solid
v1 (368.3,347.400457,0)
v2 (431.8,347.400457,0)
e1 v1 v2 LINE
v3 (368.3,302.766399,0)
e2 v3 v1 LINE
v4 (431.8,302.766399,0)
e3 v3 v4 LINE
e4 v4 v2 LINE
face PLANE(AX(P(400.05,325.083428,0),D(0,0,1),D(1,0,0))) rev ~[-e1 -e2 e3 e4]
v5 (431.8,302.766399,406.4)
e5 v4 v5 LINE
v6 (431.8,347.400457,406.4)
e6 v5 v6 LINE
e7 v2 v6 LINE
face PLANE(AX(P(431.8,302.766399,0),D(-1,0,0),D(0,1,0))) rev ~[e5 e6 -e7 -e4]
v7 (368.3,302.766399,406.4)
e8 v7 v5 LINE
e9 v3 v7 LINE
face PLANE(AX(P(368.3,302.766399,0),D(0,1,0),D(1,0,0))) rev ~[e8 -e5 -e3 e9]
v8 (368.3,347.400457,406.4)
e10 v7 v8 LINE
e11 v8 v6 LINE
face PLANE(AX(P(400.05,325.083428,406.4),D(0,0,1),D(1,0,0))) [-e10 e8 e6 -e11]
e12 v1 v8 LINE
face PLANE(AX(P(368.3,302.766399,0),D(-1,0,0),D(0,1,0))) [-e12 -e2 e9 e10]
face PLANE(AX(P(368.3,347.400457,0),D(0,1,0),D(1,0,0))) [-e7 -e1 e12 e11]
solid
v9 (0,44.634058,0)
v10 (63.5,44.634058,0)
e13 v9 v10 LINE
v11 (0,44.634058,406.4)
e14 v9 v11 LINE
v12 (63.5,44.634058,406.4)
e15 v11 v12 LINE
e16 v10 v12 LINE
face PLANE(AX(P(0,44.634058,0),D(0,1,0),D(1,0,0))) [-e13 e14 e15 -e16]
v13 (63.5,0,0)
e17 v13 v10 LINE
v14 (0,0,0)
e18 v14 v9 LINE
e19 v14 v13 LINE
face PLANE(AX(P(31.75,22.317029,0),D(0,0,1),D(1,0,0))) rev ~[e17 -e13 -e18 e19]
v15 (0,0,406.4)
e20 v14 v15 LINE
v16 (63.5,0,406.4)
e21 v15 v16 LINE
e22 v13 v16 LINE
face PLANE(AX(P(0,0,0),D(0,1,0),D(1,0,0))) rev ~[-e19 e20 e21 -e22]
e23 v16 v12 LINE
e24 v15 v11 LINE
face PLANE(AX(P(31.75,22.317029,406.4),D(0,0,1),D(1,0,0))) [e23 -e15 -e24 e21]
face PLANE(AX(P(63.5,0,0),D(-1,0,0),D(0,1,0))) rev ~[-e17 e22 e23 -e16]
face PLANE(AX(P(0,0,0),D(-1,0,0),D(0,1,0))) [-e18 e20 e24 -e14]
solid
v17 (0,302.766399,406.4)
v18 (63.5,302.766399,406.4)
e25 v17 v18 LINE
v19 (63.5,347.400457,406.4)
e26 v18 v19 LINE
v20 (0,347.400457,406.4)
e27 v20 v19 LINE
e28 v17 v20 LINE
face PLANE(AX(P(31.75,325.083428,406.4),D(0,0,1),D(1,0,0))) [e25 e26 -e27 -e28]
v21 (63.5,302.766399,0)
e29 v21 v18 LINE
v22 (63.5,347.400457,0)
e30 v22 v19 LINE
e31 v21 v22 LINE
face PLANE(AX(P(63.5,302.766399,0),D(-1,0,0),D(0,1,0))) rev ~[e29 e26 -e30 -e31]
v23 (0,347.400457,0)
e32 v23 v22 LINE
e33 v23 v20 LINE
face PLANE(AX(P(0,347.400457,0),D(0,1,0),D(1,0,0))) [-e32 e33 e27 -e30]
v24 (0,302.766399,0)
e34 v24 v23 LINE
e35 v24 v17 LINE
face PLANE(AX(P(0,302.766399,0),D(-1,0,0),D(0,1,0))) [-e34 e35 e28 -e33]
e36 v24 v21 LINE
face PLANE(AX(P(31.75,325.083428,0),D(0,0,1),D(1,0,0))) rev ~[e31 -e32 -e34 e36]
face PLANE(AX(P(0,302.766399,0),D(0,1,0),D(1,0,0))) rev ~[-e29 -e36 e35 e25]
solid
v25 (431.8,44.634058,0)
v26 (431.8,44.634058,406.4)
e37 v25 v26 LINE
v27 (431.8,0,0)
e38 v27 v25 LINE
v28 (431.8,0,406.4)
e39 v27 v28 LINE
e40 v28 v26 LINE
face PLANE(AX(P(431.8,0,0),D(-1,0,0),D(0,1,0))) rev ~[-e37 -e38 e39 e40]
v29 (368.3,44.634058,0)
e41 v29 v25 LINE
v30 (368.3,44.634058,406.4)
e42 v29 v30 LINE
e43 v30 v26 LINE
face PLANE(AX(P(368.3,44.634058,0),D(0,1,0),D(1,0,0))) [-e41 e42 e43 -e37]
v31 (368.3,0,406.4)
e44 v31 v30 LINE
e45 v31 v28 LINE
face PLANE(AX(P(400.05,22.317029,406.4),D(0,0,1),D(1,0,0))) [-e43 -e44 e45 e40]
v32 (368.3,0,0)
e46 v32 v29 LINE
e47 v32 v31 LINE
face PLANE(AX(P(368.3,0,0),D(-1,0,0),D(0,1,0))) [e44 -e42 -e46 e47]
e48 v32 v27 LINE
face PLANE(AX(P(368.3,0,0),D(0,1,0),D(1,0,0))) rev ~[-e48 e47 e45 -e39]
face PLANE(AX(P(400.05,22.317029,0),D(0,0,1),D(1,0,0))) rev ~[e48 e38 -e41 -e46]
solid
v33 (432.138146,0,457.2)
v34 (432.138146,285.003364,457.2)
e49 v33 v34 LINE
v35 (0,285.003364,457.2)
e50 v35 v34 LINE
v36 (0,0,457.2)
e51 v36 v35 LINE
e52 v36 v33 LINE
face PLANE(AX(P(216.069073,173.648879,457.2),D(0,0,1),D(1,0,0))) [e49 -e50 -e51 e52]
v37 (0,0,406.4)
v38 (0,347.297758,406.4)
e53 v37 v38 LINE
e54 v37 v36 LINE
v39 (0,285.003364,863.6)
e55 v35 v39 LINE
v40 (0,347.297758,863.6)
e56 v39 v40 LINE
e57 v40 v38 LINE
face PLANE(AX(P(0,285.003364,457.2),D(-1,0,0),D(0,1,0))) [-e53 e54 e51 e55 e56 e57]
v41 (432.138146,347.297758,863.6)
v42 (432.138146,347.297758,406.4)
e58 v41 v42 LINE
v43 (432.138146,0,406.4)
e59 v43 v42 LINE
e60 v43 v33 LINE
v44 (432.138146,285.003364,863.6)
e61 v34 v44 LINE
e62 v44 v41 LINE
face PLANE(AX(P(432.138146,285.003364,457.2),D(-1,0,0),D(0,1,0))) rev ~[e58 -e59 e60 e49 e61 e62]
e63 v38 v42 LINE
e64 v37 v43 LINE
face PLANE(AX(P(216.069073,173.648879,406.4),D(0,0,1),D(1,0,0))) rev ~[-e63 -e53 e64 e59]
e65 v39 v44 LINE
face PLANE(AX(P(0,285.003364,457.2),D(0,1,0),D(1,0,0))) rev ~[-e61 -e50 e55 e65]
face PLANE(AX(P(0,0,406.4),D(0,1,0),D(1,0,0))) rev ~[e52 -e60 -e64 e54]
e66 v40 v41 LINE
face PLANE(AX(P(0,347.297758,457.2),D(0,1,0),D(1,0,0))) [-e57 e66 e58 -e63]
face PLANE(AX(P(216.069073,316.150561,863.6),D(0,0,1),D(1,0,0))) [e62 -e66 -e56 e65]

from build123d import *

# Parameters (mm, degrees)
F0_W     = 63.5
F0_H     = 44.634058
F1_DEPTH = 406.4
F2_W     = 432.138145
F2_H     = 347.297758
F3_DEPTH = 50.8
F4_W     = 432.138145
F4_H     = 62.294394
F5_DEPTH = 406.4


with BuildPart() as f1:
    # F0 (on Top) → F1 (new body)
    with BuildSketch(Plane.XY):
        with Locations((31.75, 22.317029)):
            Rectangle(F0_W, F0_H)
        with Locations((400.05, 22.317029)):
            Rectangle(F0_W, F0_H)
        with Locations((31.75, 325.083428)):
            Rectangle(F0_W, F0_H)
        with Locations((400.05, 325.083428)):
            Rectangle(F0_W, F0_H)
    extrude(amount=F1_DEPTH)


with BuildPart() as f3:
    # F2 (on face) → F3 (new body)
    with BuildSketch(Plane.XY.offset(406.4)):
        with Locations((216.069073, 173.648879)):
            Rectangle(F2_W, F2_H)
    extrude(amount=F3_DEPTH)

    # F4 (on face) → F5 (join)
    with BuildSketch(Plane.XY.offset(457.2)):
        with Locations((216.069073, 316.150561)):
            Rectangle(F4_W, F4_H)
    extrude(amount=F5_DEPTH)


solid = Compound([f1.part, f3.part])
